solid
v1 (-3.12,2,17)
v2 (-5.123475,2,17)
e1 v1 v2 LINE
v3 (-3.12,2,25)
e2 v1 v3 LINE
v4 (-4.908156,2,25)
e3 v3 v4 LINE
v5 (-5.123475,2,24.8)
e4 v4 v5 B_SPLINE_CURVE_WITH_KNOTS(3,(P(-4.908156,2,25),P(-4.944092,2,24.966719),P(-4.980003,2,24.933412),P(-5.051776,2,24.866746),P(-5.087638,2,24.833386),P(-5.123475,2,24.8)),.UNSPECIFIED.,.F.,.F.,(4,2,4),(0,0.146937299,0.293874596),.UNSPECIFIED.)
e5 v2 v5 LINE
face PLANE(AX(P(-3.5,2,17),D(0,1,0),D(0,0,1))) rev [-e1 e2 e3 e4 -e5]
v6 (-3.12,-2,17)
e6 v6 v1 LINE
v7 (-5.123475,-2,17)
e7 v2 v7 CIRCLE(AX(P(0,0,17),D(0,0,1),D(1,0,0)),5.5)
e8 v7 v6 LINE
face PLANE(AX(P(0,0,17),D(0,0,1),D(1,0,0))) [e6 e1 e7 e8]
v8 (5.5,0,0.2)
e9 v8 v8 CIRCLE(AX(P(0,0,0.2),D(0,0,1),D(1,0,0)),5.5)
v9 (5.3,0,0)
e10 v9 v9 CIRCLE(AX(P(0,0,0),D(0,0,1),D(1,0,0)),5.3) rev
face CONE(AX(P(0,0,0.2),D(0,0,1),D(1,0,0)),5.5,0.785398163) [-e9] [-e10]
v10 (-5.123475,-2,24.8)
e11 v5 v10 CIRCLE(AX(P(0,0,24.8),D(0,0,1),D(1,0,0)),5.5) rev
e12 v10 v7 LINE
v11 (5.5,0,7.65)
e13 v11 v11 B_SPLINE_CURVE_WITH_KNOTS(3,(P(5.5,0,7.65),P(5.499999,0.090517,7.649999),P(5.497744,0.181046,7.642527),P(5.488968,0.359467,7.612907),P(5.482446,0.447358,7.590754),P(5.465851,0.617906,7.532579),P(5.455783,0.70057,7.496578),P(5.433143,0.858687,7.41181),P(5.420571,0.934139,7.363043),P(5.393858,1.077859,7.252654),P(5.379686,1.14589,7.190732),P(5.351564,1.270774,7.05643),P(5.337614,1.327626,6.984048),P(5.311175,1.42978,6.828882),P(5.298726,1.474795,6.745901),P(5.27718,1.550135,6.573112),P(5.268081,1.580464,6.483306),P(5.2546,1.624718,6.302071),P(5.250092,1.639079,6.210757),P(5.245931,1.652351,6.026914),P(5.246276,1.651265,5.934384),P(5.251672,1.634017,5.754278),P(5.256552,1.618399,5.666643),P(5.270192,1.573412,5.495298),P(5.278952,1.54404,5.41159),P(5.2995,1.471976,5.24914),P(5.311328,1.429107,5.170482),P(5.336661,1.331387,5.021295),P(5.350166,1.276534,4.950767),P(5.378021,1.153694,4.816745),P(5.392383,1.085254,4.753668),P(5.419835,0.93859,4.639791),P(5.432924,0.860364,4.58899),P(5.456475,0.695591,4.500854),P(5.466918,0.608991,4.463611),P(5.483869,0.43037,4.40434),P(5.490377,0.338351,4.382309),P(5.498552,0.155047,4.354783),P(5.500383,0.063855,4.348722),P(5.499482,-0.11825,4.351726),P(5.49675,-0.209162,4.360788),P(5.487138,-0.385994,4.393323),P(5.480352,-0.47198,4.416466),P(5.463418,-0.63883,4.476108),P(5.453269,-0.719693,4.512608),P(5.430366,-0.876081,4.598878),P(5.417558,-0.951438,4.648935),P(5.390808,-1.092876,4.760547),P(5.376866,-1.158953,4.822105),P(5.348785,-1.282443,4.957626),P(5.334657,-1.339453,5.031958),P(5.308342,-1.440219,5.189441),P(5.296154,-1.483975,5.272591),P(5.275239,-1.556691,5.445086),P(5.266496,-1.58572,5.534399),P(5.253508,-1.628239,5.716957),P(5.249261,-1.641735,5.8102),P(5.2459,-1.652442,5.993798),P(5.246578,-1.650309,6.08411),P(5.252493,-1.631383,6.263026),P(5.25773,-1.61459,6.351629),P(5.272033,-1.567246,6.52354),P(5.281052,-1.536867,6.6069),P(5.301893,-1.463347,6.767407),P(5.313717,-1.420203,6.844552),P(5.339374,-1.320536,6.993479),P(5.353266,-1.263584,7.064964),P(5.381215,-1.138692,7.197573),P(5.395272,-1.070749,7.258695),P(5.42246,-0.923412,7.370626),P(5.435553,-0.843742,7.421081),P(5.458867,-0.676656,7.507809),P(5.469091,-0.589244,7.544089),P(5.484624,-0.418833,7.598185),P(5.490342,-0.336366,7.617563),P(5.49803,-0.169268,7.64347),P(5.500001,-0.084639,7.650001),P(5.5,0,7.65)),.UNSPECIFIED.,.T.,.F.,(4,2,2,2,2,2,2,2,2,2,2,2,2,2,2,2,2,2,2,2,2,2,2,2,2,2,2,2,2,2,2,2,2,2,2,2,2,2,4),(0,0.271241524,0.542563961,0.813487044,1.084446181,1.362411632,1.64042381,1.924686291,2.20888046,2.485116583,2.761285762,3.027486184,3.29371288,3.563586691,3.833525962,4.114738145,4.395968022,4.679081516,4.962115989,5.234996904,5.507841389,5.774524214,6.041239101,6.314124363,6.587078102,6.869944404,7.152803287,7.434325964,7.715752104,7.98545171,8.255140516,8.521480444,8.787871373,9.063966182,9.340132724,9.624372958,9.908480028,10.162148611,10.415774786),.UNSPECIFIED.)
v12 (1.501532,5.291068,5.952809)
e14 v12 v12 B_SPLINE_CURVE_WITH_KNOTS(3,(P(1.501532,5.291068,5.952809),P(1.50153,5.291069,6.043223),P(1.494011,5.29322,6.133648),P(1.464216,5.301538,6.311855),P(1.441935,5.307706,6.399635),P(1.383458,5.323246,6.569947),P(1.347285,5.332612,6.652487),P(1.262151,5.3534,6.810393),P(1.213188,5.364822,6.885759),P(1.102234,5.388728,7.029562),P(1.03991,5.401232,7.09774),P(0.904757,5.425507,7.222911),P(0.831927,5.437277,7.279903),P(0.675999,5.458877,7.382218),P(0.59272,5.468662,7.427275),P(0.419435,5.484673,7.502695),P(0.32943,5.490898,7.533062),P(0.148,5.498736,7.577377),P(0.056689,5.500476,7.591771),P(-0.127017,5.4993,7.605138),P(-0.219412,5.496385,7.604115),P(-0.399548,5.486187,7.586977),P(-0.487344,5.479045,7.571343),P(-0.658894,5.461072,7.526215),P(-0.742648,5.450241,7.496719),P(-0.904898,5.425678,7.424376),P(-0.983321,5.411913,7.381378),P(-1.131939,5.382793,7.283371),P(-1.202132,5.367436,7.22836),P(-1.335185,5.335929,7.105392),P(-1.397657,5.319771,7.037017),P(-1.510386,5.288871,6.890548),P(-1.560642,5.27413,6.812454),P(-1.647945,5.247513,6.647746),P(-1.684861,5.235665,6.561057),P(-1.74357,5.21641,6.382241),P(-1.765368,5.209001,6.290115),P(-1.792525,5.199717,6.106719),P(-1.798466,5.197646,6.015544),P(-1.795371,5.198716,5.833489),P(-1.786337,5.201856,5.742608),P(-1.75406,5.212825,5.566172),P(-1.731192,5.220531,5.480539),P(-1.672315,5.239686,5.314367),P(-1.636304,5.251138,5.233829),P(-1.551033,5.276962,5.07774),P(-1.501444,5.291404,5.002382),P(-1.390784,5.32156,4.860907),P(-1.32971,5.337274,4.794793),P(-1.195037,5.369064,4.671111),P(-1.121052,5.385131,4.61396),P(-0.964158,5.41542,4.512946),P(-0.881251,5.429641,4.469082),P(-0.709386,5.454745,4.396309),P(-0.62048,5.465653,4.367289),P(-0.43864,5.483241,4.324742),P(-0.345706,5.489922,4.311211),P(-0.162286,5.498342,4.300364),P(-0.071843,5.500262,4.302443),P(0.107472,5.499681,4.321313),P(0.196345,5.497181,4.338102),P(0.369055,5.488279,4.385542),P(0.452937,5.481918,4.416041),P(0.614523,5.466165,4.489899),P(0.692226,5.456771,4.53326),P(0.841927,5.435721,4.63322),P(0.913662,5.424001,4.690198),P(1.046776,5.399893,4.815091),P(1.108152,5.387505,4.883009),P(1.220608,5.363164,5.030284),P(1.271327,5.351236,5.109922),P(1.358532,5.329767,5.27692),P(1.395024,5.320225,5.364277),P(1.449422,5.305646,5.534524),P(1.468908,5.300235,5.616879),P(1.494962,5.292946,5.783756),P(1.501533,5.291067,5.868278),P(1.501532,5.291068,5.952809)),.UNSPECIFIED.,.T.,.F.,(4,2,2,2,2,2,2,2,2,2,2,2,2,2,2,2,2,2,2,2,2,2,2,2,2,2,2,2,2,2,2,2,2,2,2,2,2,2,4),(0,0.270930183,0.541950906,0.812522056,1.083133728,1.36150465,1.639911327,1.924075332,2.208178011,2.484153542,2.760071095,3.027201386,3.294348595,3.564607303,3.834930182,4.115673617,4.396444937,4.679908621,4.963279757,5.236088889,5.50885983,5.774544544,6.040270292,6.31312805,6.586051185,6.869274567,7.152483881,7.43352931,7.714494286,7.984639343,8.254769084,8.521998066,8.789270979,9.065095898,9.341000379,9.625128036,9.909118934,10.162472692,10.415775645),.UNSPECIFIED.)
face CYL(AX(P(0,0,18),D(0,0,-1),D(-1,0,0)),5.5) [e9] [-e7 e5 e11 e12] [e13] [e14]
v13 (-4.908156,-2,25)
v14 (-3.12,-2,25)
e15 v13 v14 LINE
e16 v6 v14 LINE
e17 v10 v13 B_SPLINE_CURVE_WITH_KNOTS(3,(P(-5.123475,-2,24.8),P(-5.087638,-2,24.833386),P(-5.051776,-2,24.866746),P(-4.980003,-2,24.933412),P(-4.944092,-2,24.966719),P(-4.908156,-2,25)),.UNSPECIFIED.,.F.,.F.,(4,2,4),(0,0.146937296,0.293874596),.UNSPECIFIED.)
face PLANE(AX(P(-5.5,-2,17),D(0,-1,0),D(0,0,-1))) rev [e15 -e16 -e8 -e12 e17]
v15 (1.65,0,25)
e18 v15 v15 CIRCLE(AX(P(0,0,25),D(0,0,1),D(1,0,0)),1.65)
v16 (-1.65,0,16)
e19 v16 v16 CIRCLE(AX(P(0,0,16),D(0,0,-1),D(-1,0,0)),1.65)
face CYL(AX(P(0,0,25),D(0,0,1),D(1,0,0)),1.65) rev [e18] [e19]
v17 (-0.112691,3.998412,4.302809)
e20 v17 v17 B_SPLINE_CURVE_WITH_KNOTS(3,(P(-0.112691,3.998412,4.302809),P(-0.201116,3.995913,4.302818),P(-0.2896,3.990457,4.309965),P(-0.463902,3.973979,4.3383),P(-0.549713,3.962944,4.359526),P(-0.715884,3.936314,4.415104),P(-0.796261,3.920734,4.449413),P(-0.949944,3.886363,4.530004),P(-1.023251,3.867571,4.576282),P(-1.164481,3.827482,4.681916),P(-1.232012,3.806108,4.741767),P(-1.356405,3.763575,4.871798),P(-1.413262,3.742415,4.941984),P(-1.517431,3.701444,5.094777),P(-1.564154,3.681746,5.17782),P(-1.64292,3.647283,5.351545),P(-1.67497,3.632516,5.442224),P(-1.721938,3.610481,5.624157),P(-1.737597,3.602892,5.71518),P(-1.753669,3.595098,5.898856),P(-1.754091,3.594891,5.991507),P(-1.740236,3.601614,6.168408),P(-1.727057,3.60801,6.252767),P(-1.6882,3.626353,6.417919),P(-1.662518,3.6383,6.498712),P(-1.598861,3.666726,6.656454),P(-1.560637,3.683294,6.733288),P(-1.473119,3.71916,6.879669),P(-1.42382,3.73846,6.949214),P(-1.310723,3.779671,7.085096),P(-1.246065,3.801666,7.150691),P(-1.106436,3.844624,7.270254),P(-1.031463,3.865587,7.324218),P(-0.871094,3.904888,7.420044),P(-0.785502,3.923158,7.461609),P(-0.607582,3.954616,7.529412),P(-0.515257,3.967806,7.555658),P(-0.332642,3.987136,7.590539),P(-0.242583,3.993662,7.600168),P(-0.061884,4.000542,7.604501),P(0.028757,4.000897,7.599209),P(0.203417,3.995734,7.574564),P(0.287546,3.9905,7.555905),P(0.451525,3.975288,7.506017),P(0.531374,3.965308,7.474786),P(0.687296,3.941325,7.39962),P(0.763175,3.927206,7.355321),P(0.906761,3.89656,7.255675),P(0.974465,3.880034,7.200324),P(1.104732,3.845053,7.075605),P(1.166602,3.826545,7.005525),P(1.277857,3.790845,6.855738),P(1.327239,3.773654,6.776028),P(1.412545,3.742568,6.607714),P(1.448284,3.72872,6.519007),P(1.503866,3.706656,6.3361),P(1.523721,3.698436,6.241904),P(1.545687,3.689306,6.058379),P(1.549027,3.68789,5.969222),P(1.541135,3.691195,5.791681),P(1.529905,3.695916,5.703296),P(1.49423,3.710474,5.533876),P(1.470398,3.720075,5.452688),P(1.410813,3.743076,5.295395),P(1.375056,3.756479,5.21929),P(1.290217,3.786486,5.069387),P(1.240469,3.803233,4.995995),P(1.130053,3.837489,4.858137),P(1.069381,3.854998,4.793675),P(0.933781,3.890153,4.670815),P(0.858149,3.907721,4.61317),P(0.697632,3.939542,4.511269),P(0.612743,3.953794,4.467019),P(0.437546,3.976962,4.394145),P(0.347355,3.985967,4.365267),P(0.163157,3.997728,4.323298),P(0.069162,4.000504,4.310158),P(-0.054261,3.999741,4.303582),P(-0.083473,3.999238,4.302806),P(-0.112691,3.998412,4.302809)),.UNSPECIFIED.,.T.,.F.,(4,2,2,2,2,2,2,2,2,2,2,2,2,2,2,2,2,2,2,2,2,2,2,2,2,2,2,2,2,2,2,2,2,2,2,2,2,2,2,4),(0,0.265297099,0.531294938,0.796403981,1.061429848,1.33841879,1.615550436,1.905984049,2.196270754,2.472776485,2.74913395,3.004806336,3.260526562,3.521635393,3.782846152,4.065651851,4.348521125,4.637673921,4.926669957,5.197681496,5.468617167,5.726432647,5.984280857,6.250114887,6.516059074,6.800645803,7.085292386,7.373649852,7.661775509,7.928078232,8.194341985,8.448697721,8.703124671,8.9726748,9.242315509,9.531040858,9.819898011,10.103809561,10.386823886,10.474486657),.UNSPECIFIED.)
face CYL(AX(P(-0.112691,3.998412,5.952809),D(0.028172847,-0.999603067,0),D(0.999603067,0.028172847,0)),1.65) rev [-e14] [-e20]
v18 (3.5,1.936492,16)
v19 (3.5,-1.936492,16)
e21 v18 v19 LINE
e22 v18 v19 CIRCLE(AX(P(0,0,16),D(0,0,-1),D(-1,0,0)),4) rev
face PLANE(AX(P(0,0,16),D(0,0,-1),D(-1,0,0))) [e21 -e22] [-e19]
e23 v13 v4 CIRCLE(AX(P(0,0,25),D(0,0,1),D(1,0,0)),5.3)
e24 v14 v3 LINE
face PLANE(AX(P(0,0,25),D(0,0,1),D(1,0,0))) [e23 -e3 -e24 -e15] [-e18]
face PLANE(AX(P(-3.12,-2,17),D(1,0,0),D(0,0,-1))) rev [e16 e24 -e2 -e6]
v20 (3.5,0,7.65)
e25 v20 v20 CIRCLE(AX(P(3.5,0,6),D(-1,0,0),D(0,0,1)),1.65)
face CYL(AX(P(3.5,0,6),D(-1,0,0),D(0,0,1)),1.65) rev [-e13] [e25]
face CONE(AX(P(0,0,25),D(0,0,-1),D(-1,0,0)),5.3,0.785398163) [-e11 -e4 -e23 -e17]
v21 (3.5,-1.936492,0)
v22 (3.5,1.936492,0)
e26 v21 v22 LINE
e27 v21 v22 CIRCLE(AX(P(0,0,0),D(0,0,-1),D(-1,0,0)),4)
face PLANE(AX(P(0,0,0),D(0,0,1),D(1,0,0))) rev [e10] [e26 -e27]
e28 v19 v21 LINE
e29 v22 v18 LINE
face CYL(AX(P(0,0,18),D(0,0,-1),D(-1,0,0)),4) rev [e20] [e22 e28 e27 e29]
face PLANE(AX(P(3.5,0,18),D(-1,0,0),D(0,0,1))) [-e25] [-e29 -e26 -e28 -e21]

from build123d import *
from build123d.topology import SkipClean

# Parameters (mm, degrees)
SKETCH_1_R              = 5.5
EXTRUDE_1_DEPTH         = 18
SKETCH_2_R              = 4
CUT_EXTRUDE_1_DEPTH     = 18
EXTRUDE_2_DEPTH         = 18
CUT_EXTRUDE_3_DEPTH     = 6
EXTRUDE_START           = 6
EXTRUDE_3_DEPTH         = 6
SKETCH_11_R             = 5.5
EXTRUDE_4_DEPTH         = 7
EXTRUDE_START_2         = 2
SKETCH_15_R             = 5.5
EXTRUDE_5_DEPTH         = 2
HOLE_WIZARD_M4_4_D      = 3.3
CUT_EXTRUDE_8_DEPTH     = 8
SKETCH_20_W             = 0.38
SKETCH_20_H             = 4
CUT_EXTRUDE_9_DEPTH     = 8
HOLE_WIZARD_M4_9_D      = 3.3
HOLE_WIZARD_M4_9_DEPTH  = 2
HOLE_WIZARD_M4_10_D     = 3.3
HOLE_WIZARD_M4_10_DEPTH = 1.5
CHAMFER_2_SIZE          = 0.2
CHAMFER_3_SIZE          = 0.2


with BuildPart() as part:
    # 草图1 → 凸台-拉伸1 (new body)
    with BuildSketch(Plane.XY):
        Circle(SKETCH_1_R)
    extrude(amount=EXTRUDE_1_DEPTH)

    # 草图2 → 切除-拉伸1 (cut)
    with BuildSketch(Plane(origin=(0, 0, 0), x_dir=(-1, 0, 0), z_dir=(0, 0, -1))):
        Circle(SKETCH_2_R)
    extrude(amount=-CUT_EXTRUDE_1_DEPTH, mode=Mode.SUBTRACT)

    # 草图3 → 凸台-拉伸2 (add)
    with BuildSketch(Plane(origin=(0, 0, 0), x_dir=(-1, 0, 0), z_dir=(0, 0, -1))):
        Polygon((-3.5, 0), (-3.5, 2.515567), (-4.944421, -0.303566), (-4.222211, -2.180275), (-3.5, -2.180275), align=None)
    extrude(amount=-EXTRUDE_2_DEPTH)

    # 草图5 → 切除-拉伸3 (cut)
    with BuildSketch(Plane(origin=(0, 0, 0), x_dir=(-1, 0, 0), z_dir=(0, 0, -1))):
        Polygon((-4.5, 0), (-4.5, -1.5), (-5.291503, -1.5), (-6.679987, 0.400671), (-5.291503, 1.5), (-4.5, 1.5), align=None)
    extrude(amount=-CUT_EXTRUDE_3_DEPTH, mode=Mode.SUBTRACT)

    # 草图6 → 凸台-拉伸3 (add)
    with SkipClean():  # the faces are left unmerged after this step: merging them gives an invalid solid
        with BuildSketch(Plane(origin=(0, 0, 6), x_dir=(-1, 0, 0), z_dir=(0, 0, -1)).offset(EXTRUDE_START)):
            with BuildLine():
                Line((-5.291503, -1.5), (-4.238481, -1.644386))
                Line((-4.238481, -1.644386), (-3.814049, 1.930313))
                Line((-3.814049, 1.930313), (-5.291503, 1.5))
                ThreePointArc((-5.291503, 1.5), (-5.5, 0), (-5.291503, -1.5))
            make_face()
        extrude(amount=-EXTRUDE_3_DEPTH)

    # 草图11 → 凸台-拉伸4 (add)
    with SkipClean():  # the faces are left unmerged after this step: merging them gives an invalid solid
        with BuildSketch(Plane.XY.offset(18)):
            Circle(SKETCH_11_R)
        extrude(amount=EXTRUDE_4_DEPTH)

    # 草图15 → 凸台-拉伸5 (add)
    with SkipClean():  # the faces are left unmerged after this step: merging them gives an invalid solid
        with BuildSketch(Plane(origin=(0, 0, 18), x_dir=(-1, 0, 0), z_dir=(0, 0, -1)).offset(EXTRUDE_START_2)):
            with Locations(Location((0, 0, 0), (0, 0, 180))):
                Circle(SKETCH_15_R)
        extrude(amount=-EXTRUDE_5_DEPTH)

    # M4 螺纹孔4 (through all)
    with Locations(Plane.XY.offset(25)):
        with Locations((0, 0)):
            Hole(HOLE_WIZARD_M4_4_D / 2)

    # 草图19 → 切除-拉伸8 (cut)
    with SkipClean():  # the faces are left unmerged after this step: merging them gives an invalid solid
        with BuildSketch(Plane.XY.offset(25)):
            Polygon((-5.5, 0), (-5.5, -2), (-3.5, -2), (-3.5, 2), (-5.5, 2), align=None)
        extrude(amount=-CUT_EXTRUDE_8_DEPTH, mode=Mode.SUBTRACT)

    # 草图20 → 切除-拉伸9 (cut)
    with SkipClean():  # the faces are left unmerged after this step: merging them gives an invalid solid
        with BuildSketch(Plane.XY.offset(25)):
            with Locations((-3.31, 0)):
                Rectangle(SKETCH_20_W, SKETCH_20_H)
        extrude(amount=-CUT_EXTRUDE_9_DEPTH, mode=Mode.SUBTRACT)

    # M4 螺纹孔9
    with Locations(Plane(origin=(3.5, 0, 6), x_dir=(0, 0, -1), z_dir=(-1, 0, 0))):
        with Locations((0, 0)):
            Hole(HOLE_WIZARD_M4_9_D / 2, depth=HOLE_WIZARD_M4_9_DEPTH)

    # M4 螺纹孔10
    with Locations(Plane(origin=(-0.112691, 3.998412, 5.952809), x_dir=(-0.999603066556, -0.028172847433, 0), z_dir=(0.028172847433, -0.999603066556, 0))):
        with Locations((0, 0)):
            Hole(HOLE_WIZARD_M4_10_D / 2, depth=HOLE_WIZARD_M4_10_DEPTH)

    # 倒角2
    chamfer_2_edges = [part.edges().sort_by_distance(p)[0] for p in [
        (1.017567, 5.405049, 25),
    ]]
    chamfer(chamfer_2_edges, length=CHAMFER_2_SIZE)

    # 倒角3
    chamfer_3_edges = [part.edges().sort_by_distance(p)[0] for p in [
        (-5.291503, -1.5, 0),
    ]]
    chamfer(chamfer_3_edges, length=CHAMFER_3_SIZE)


solid = part.part
